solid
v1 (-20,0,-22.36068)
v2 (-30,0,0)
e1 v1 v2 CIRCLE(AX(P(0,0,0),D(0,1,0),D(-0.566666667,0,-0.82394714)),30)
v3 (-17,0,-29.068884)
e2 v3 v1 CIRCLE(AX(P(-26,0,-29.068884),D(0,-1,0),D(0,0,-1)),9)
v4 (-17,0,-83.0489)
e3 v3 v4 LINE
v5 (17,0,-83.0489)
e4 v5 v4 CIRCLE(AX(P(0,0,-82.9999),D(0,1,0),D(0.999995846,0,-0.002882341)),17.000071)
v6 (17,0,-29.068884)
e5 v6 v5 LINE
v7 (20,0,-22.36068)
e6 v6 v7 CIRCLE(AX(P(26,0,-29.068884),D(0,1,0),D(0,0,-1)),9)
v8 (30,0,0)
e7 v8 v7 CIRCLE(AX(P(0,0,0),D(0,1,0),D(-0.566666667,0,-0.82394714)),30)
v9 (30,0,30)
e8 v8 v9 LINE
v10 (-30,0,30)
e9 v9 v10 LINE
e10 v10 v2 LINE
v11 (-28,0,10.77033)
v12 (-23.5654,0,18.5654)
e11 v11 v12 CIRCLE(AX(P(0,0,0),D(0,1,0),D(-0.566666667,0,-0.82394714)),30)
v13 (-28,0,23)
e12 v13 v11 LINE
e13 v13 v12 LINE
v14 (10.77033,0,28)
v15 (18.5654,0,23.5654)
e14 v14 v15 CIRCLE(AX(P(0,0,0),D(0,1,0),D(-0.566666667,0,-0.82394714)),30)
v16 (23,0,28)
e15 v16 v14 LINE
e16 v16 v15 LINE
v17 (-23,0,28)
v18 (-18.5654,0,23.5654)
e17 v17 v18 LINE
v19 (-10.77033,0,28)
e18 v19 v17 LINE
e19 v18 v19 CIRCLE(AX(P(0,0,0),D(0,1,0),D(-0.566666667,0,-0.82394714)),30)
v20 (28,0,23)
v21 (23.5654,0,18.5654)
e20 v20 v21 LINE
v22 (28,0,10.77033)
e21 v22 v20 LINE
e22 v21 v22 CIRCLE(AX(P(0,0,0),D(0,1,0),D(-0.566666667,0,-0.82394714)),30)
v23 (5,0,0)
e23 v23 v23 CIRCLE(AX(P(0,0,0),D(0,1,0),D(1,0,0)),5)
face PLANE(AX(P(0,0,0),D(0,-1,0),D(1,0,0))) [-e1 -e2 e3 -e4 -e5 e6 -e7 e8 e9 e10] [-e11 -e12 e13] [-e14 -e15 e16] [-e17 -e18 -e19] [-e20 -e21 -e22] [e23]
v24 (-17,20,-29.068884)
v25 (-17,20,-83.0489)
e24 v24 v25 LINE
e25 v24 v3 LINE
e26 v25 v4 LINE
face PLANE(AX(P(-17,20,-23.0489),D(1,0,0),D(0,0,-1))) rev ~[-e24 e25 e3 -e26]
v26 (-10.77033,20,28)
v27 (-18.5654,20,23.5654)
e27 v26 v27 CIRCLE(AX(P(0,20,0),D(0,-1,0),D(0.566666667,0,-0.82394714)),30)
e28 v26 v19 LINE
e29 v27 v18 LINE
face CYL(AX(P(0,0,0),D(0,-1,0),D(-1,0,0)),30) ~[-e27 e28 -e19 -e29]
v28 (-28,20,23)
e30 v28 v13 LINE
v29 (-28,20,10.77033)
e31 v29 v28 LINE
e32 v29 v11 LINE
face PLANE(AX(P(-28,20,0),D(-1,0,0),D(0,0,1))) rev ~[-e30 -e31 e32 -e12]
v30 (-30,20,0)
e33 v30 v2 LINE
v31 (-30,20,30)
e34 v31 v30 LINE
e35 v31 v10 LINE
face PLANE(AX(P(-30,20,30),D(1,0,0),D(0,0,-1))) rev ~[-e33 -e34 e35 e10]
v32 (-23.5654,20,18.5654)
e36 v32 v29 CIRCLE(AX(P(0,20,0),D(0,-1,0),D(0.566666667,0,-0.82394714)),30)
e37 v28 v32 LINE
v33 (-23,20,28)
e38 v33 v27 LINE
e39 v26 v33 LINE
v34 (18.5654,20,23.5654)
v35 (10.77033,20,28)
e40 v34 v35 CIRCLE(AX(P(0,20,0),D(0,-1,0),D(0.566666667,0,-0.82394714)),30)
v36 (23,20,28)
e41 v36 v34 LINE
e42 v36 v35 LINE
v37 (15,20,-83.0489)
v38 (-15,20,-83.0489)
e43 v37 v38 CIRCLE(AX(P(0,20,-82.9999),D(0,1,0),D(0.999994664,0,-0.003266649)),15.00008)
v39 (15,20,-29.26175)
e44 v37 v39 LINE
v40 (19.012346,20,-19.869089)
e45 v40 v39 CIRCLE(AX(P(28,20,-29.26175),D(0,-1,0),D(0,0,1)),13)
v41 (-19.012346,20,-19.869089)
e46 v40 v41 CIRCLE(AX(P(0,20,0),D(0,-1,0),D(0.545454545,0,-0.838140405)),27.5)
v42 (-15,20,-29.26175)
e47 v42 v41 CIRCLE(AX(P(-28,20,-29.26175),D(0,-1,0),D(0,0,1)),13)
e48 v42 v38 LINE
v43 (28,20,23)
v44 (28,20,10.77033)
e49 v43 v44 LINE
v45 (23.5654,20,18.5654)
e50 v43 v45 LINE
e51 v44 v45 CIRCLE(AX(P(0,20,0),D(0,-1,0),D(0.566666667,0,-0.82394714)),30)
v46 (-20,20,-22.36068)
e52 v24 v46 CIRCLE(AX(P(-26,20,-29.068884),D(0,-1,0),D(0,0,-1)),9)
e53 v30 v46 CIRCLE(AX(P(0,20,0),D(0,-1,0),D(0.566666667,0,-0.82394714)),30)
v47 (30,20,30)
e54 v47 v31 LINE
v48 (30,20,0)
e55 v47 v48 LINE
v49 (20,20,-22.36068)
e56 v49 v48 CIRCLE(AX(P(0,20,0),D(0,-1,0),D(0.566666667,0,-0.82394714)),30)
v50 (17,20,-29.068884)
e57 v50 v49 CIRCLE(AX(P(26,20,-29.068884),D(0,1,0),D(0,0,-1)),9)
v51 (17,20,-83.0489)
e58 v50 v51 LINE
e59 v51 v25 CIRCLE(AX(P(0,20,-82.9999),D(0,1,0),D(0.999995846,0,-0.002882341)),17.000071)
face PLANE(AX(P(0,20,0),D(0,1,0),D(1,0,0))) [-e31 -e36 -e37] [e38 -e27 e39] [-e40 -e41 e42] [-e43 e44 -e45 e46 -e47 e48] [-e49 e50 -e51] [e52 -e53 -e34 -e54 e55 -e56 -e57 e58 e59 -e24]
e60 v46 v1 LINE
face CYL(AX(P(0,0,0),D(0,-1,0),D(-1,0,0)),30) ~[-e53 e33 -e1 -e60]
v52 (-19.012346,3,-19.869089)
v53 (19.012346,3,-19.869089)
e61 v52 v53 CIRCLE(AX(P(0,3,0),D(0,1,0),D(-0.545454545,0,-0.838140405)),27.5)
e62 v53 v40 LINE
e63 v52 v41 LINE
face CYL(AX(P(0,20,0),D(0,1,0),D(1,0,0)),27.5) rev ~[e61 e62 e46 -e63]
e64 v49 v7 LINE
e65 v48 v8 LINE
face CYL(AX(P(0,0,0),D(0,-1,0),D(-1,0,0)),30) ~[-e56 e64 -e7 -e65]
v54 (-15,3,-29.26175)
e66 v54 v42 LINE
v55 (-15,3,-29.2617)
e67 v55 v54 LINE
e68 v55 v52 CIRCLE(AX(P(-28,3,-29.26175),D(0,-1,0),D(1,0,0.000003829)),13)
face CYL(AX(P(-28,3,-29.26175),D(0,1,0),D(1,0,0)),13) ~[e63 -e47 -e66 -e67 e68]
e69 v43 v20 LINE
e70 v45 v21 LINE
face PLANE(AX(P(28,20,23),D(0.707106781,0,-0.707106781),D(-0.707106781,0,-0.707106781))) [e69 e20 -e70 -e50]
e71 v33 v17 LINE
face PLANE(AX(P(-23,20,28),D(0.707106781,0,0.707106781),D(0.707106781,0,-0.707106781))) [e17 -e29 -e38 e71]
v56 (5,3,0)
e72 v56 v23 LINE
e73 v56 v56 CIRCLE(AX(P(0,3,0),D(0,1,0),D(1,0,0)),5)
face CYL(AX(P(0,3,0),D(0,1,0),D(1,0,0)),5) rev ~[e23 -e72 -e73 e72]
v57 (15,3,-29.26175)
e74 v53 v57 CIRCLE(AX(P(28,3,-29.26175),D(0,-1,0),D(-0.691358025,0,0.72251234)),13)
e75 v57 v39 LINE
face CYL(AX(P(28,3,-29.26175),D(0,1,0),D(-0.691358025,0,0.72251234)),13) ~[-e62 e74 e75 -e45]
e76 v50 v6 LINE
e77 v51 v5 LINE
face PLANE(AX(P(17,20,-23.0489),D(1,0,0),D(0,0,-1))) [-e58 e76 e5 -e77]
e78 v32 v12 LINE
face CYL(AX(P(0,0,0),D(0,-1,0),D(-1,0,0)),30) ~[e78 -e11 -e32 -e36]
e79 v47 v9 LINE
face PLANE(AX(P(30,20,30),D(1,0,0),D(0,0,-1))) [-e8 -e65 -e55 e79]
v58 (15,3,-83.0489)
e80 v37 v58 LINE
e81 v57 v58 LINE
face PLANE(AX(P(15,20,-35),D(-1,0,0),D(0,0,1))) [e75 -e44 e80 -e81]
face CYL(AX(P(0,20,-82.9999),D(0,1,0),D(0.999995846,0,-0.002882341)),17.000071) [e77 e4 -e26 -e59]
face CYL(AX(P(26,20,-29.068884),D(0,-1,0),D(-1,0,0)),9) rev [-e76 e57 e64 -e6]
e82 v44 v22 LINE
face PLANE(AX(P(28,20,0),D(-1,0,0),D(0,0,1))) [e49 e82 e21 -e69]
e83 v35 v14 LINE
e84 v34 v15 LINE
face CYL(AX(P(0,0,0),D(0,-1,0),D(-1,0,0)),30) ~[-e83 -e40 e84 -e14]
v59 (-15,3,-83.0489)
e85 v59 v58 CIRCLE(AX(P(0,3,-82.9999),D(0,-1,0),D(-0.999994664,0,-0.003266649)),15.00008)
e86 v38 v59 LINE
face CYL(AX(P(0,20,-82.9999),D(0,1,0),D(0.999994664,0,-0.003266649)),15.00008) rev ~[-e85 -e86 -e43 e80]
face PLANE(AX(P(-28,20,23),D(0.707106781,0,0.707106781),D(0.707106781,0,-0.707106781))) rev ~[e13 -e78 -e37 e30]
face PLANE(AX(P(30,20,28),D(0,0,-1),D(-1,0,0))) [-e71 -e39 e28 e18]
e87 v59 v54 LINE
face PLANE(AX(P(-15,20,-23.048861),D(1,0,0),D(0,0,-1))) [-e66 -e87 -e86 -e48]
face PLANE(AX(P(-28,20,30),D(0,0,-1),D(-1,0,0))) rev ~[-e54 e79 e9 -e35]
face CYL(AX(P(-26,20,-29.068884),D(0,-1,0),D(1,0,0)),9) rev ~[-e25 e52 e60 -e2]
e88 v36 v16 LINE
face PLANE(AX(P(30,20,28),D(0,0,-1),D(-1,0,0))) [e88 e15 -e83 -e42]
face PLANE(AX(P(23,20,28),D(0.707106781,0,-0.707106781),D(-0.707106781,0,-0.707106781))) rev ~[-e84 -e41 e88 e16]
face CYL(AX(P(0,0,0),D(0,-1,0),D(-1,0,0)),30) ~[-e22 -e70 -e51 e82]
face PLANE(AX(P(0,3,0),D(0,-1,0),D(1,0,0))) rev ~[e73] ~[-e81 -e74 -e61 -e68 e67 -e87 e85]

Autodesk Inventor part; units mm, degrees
ref_plane "YZ Plane" through (0, 0, 0) normal (1, 0, 0) x (0, 1, 0)
ref_plane "XZ Plane" through (0, 0, 0) normal (0, 1, 0) x (-1, 0, 0)
ref_plane "XY Plane" through (0, 0, 0) normal (0, 0, 1) x (1, 0, 0)
sketch "Sketch2" plane through (0, 0, 0) normal (0, 1, 0) x (-1, 0, 0)
  circle A0 centre (0, 0) radius 30
  dimension "d0" = 60
extrude "Extrusion1" add sketch "Sketch2" along normal blind 20
sketch "Sketch3" plane through (0, 20, 0) normal (0, 1, 0) x (1, 0, 0)
  circle A0 centre (0, 0) radius 27.5
  dimension "d3" = 55
extrude "Extrusion2" cut sketch "Sketch3" against normal blind 17
sketch "Sketch4" plane through (0, 3, 0) normal (0, 1, 0) x (1, 0, 0)
  circle A0 centre (0, 0) radius 5
  dimension "d6" = 10
extrude "Extrusion3" cut sketch "Sketch4" against normal blind 5
sketch "Sketch9" plane through (0, 20, 0) normal (0, 1, 0) x (1, 0, 0)
  line L0 (-15, 35) -> (15, 35)
  line L1 (15, 35) -> (15, 20)
  line L2 (15, 20) -> (-15, 20)
  line L3 (-15, 20) -> (-15, 35)
  circle A0 centre (0, 0) radius 27.5 projected
  line L4 (-15, 35) -> (15, 20) construction
  line L5 (15, 35) -> (-15, 20) construction
  point P0 (0, 27.5)
extrude "Extrusion6" cut sketch "Sketch9" against normal blind 17 contours L0 L1 A0 L3 | A0 L1 L2 L3 picked at (1.0554, 22.439)
sketch "Sketch10" plane through (0, 20, 0) normal (0, 1, 0) x (1, 0, 0)
  arc A0 (-15, 23.0489) -> (15, 23.0489) centre (0, 0) ccw projected
  line L0 (-15, 23.0489) -> (-17, 23.0489)
  line L1 (-17, 23.0489) -> (-17, 83.0489)
  line L2 (-17, 83.0489) -> (-15, 83.0489)
  line L3 (-15, 83.0489) -> (-15, 23.0489)
  line L4 (15, 25.9808) -> (15, 23.0489) projected
  line L5 (15, 23.0489) -> (17, 23.0489)
  line L6 (17, 23.0489) -> (17, 83.0489)
  line L7 (17, 83.0489) -> (15, 83.0489)
  line L8 (15, 83.0489) -> (15, 23.0489)
  dimension "d17" = 60
  dimension "d18" = 60
extrude "Extrusion7" add sketch "Sketch10" against normal blind 20
fillet "Fillet1" radius 13 1 edges at (-15, 11.5, -23.0489)
fillet "Fillet2" radius 9 1 edges at (-17, 10, -24.7184)
fillet "Fillet3" radius 13 1 edges at (15, 11.5, -23.0489)
fillet "Fillet4" radius 9 1 edges at (17, 10, -24.7184)
sketch "Sketch12" plane through (0, 0, 0) normal (0, -1, 0) x (1, 0, 0)
  line L0 (-15, -29.2617) -> (-15, -83.0489) projected
  line L1 (15, -25.9808) -> (-15, -25.9808)
  line L2 (-15, -25.9808) -> (-15, -83.0489)
  line L3 (-15, -83.0489) -> (15, -83.0489)
  line L4 (15, -83.0489) -> (15, -25.9808)
  point P0 (0, 0)
extrude "Extrusion8" add sketch "Sketch12" against normal blind 3
sketch "Sketch13" plane through (0, 20, 0) normal (0, 1, 0) x (1, 0, 0)
  arc A0 (-20, 22.3607) -> (20, 22.3607) centre (0, 0) ccw projected
  line L0 (30, 0) -> (28, 0)
  line L1 (28, 0) -> (28, -30)
  line L2 (28, -30) -> (30, -30)
  line L3 (30, -30) -> (30, 0)
  line L4 (-30, 0) -> (-28, 0)
  line L5 (-28, 0) -> (-28, -30)
  line L6 (-28, -30) -> (-30, -30)
  line L7 (-30, -30) -> (-30, 0)
extrude "Extrusion9" add sketch "Sketch13" against normal blind 20
sketch "Sketch14" plane through (0, 20, 0) normal (0, 1, 0) x (1, 0, 0)
  line L0 (-30, -30) -> (-30, 0) projected
  line L1 (30, 0) -> (30, -30) projected
  line L2 (-30, -30) -> (30, -30)
  line L3 (30, -30) -> (30, -28)
  line L4 (30, -28) -> (-30, -28)
  line L5 (-30, -28) -> (-30, -30)
  point P0 (0, 0)
extrude "Extrusion10" add sketch "Sketch14" against normal blind 20
sketch "Sketch17" plane through (28, 0, 10.7703) normal (-1, 0, 0) x (0, 0, 1)
  point P0 (-10.7703, 0)
sketch "Sketch21" plane through (0, 20, 0) normal (0, 1, 0) x (1, 0, 0)
  line L0 (15, 83.0489) -> (-15, 83.0489) projected
  line L1 (-15, 83.0489) -> (-17, 83.0489) projected
  arc A0 (15, 83.0489) -> (-15, 83.0489) centre (0, 82.9999) ccw
  arc A1 (17, 83.0489) -> (-17, 83.0489) centre (0, 82.9999) ccw
  line L2 (-17, 83.0489) -> (-17, 29.0689) projected
  line L3 (-17, 83.0489) -> (-15, 83.0489)
  line L4 (15, 83.0489) -> (17, 83.0489)
  point P0 (0, 0)
extrude "Extrusion15" add sketch "Sketch21" against normal blind 20 contours A0 L1 A1 L4
sketch "Sketch22" plane through (0, 0, 0) normal (0, -1, 0) x (1, 0, 0)
  line L0 (15, -83.0489) -> (15, -25.1247) projected
  arc A0 (-15, -83.0489) -> (15, -83.0489) centre (0, -82.9999) ccw
  line L1 (-15, -83.0489) -> (15, -83.0489) projected
  line L2 (15, -83.0489) -> (-15, -83.0489)
  point P0 (0, 0)
extrude "Extrusion16" add sketch "Sketch22" against normal blind 3
sketch "Sketch23" plane through (0, 0, 0) normal (0, -1, 0) x (1, 0, 0)
  line L0 (15.995, -25.328) -> (14.0863, -25.328)
  line L1 (14.0863, -25.328) -> (14.0863, -29.7912)
  line L2 (14.0863, -29.7912) -> (15.995, -29.7912)
  line L3 (15.995, -29.7912) -> (15.995, -25.328)
  line L4 (-13.7592, -25.328) -> (-16.454, -25.328)
  line L5 (-16.454, -25.328) -> (-16.454, -29.7912)
  line L6 (-16.454, -29.7912) -> (-13.7592, -29.7912)
  line L7 (-13.7592, -29.7912) -> (-13.7592, -25.328)
  point P0 (0, 0)
extrude "Extrusion17" add sketch "Sketch23" against normal blind 3
sketch "Sketch25" plane through (0, 20, 0) normal (0, 1, 0) x (1, 0, 0)
  line L0 (28, -28) -> (10.7703, -28) projected
  line L1 (28, -28) -> (21.2132, -21.2132)
  arc A0 (10.7703, -28) -> (28, -10.7703) centre (0, 0) ccw projected
  line L2 (28, -28) -> (37.598, -28) construction
  line L3 (28, -28) -> (23, -28)
  line L4 (23, -28) -> (18.5654, -23.5654)
  line L5 (28, -28) -> (28, -23)
  line L6 (28, -23) -> (23.5654, -18.5654)
  line L7 (23.5654, -18.5654) -> (18.5654, -23.5654)
  line L8 (21.2132, -21.2132) -> (21.0654, -21.0654)
  dimension "d53" = 135
  dimension "d54" = 5
  dimension "d55" = 135
  dimension "d56" = 5
  dimension "d57" = 135
extrude "Extrusion19" add sketch "Sketch25" against normal blind 20 contours L0 L4 A0 L1 | L1 A0 L6 L5
sketch "Sketch27" plane through (0, 20, 0) normal (0, 1, 0) x (1, 0, 0)
  line L0 (-28, -28) -> (-28, -10.7703) projected
  line L1 (-28, -28) -> (-21.2132, -21.2132)
  arc A0 (-28, -10.7703) -> (-10.7703, -28) centre (0, 0) ccw projected
  line L2 (-28, -28) -> (-18.402, -28) construction
  line L3 (-28, -28) -> (-23, -28)
  line L4 (-28, -28) -> (-28, -23)
  line L5 (-28, -23) -> (-23.5654, -18.5654)
  line L6 (-23, -28) -> (-18.5654, -23.5654)
  line L7 (-23, -28) -> (-16.7285, -28) construction
  line L8 (-18.5654, -23.5654) -> (-23.5654, -18.5654)
  dimension "d60" = 45
  dimension "d61" = 5
  dimension "d62" = 5
  dimension "d63" = 135
  dimension "d64" = 45
extrude "Extrusion20" add sketch "Sketch27" against normal blind 20 contours L0 L5 A0 L1 | L1 A0 L6 L3
properties part number "Axel chamber"
